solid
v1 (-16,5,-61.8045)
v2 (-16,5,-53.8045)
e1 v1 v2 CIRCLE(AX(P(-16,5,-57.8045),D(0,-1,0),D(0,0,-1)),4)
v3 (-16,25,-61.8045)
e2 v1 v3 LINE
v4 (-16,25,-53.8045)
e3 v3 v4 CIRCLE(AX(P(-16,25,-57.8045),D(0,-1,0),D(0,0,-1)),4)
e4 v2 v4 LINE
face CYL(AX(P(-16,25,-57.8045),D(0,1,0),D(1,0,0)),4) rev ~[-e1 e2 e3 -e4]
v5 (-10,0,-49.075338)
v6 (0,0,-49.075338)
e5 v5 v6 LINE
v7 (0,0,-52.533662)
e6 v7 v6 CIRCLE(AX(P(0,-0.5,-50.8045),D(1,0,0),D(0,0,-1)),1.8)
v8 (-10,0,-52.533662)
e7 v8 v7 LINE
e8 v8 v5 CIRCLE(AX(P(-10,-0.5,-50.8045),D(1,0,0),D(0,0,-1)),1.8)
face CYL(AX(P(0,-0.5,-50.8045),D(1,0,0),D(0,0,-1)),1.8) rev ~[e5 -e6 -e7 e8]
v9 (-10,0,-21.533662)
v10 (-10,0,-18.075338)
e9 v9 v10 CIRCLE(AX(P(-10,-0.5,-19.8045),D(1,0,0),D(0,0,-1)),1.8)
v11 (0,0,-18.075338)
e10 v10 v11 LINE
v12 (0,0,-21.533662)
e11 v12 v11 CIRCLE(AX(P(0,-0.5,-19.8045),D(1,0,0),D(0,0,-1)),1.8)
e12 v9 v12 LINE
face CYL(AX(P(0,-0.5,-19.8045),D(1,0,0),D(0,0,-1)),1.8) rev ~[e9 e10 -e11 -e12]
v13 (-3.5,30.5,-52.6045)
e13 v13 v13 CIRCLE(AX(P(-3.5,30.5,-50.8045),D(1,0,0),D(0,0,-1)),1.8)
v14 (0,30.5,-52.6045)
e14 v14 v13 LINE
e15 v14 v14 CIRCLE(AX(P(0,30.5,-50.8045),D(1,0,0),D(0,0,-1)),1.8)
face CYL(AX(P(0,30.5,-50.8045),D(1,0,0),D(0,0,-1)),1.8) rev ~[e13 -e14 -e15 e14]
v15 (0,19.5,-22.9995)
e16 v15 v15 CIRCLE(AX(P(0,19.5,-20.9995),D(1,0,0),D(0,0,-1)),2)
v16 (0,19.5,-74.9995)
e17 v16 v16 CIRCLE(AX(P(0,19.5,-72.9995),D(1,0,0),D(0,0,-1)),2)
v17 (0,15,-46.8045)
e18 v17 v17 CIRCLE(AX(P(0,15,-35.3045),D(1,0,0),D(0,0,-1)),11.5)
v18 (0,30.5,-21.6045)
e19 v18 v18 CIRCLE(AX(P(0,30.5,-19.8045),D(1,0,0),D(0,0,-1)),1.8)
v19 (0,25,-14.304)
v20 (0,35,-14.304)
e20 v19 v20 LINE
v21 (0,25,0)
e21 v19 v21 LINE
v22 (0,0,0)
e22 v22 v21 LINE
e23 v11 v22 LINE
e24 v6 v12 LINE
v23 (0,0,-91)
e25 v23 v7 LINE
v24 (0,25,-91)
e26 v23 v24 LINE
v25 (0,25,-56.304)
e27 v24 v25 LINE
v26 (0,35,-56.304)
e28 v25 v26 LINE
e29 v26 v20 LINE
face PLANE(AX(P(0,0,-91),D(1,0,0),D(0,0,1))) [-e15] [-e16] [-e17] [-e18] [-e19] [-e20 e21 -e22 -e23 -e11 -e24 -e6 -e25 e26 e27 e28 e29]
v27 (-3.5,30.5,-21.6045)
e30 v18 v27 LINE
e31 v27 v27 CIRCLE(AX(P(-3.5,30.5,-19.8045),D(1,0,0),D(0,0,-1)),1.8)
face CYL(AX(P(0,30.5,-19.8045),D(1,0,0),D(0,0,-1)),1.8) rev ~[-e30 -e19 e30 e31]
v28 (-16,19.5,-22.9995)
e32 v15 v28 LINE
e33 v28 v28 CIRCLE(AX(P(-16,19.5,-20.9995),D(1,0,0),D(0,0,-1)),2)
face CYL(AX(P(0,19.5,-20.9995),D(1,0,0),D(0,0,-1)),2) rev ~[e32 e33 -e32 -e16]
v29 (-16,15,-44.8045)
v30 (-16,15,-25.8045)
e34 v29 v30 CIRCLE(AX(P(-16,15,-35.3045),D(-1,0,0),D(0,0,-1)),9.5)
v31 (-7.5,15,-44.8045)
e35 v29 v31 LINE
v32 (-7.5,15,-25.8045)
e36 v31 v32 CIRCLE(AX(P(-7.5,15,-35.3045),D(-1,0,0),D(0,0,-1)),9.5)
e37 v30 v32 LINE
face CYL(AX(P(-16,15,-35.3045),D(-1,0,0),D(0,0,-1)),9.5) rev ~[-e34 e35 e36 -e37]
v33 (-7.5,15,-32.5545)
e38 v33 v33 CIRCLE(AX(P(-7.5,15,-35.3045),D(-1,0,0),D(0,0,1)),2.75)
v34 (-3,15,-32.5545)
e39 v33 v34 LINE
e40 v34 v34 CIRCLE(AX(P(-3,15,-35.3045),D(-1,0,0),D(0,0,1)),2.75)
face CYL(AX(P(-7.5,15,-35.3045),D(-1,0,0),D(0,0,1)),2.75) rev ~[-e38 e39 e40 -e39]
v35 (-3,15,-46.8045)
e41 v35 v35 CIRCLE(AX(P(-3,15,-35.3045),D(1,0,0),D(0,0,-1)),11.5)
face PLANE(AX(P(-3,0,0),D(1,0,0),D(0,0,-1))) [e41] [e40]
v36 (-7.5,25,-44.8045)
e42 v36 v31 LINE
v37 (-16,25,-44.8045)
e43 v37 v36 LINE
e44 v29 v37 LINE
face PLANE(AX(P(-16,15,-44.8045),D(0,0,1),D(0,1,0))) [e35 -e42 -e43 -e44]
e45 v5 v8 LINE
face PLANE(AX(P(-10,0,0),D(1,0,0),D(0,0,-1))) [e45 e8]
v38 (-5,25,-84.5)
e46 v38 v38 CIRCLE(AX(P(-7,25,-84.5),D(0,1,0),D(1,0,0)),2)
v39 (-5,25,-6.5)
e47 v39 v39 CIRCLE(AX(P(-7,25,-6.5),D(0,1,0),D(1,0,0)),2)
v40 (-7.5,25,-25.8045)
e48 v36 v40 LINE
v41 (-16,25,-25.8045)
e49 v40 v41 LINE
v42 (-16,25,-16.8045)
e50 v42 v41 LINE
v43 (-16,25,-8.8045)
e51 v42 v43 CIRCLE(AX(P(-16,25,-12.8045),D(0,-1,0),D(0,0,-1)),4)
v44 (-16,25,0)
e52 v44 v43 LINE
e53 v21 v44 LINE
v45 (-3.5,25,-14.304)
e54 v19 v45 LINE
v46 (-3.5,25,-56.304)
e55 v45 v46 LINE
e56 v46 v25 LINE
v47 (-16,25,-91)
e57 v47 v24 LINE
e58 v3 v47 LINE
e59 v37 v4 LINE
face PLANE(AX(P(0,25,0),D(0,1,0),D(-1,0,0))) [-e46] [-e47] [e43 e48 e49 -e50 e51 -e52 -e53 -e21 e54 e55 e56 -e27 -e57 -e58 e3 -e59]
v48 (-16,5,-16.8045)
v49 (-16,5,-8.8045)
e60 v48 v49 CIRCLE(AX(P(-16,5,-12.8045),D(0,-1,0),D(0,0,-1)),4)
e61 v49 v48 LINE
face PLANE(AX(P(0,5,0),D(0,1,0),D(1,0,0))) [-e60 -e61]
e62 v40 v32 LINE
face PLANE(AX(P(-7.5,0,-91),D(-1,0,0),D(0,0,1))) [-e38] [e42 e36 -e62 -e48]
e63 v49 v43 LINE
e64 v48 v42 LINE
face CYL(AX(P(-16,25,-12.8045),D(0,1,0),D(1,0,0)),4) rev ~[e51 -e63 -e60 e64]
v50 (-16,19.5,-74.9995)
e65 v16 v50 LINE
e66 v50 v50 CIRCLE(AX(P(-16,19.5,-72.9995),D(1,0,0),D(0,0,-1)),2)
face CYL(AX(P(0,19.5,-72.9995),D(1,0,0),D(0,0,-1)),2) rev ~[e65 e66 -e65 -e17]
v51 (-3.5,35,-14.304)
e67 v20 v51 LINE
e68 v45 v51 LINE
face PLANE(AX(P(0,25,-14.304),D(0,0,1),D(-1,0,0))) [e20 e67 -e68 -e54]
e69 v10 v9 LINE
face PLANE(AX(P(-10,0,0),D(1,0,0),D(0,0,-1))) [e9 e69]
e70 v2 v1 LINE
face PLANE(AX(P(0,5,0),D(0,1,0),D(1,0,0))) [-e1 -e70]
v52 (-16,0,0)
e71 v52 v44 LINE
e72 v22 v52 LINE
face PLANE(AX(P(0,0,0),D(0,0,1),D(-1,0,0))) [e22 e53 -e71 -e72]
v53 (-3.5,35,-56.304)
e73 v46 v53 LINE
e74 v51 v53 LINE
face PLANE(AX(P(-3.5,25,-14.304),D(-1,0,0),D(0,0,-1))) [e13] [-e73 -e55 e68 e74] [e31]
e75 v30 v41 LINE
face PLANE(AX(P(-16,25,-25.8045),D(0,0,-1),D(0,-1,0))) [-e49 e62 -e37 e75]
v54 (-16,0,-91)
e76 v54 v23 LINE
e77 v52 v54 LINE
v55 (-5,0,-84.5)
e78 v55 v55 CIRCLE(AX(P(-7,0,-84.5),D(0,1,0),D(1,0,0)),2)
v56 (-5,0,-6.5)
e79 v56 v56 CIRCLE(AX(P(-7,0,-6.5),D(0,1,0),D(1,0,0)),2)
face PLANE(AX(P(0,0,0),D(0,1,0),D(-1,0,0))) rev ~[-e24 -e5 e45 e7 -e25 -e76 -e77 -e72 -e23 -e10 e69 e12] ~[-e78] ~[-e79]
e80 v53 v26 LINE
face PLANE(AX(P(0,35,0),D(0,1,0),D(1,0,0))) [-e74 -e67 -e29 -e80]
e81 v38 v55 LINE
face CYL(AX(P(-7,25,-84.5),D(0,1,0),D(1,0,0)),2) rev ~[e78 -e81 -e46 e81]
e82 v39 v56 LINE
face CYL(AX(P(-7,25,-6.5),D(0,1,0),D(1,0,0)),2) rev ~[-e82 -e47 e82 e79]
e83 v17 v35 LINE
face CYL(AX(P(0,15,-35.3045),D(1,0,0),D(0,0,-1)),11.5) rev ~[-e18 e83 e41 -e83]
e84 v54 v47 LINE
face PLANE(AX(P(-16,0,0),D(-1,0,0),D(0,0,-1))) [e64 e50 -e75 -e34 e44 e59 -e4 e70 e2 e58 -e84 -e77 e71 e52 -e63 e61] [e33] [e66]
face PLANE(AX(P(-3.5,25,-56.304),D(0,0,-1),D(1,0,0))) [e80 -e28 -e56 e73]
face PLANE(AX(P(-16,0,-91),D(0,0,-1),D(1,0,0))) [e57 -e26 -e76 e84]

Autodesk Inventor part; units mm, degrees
ref_plane "YZ Plane" through (0, 0, 0) normal (1, 0, 0) x (0, 1, 0)
ref_plane "XZ Plane" through (0, 0, 0) normal (0, 1, 0) x (-1, 0, 0)
ref_plane "XY Plane" through (0, 0, 0) normal (0, 0, 1) x (1, 0, 0)
sketch "Sketch1" plane through (0, 0, 0) normal (0, 1, 0) x (-1, 0, 0)
  line L0 (0, 0) -> (16, 0)
  line L1 (16, 0) -> (16, -91)
  line L2 (16, -91) -> (0, -91)
  line L3 (0, -91) -> (0, 0)
  dimension "d0" = 16
  dimension "d1" = 91
extrude "Extrusion1" add sketch "Sketch1" along normal blind 25
sketch "Sketch2" plane through (0, 25, 0) normal (0, 1, 0) x (1, 0, 0)
  line L0 (-16, 91) -> (-16, 0) projected
  circle A0 centre (-16, 12.8045) radius 4
  circle A1 centre (-16, 57.8045) radius 4
  point P0 (0, 0)
  dimension "d4" = 8
  dimension "d5" = 8
  dimension "d6" = 45
extrude "Extrusion2" cut sketch "Sketch2" against normal blind 20
sketch "Sketch3" plane through (0, 25, 0) normal (0, 1, 0) x (1, 0, 0)
  circle A0 centre (-7, 6.5) radius 2
  circle A1 centre (-7, 84.5) radius 2
  line L0 (-16, 8.8045) -> (-16, 0) projected
  line L1 (-16, 53.8045) -> (-16, 16.8045) projected
  line L2 (-16, 8.8045) -> (-16, 61.8045) projected
  point P0 (0, 0)
  point P1 (-16, 3)
  point P2 (-16, 88)
  dimension "d10" = 4
  dimension "d12" = 4
  dimension "d15" = 9
  dimension "d17" = 9
  dimension "d18" = 6.5
ref_plane "Work Plane1" through (0, 0, -3) normal (1, 0, 0) x (0, 0, -1)
sketch "Sketch4" plane through (0, 0, -3) normal (1, 0, 0) x (0, 0, -1)
  circle A0 centre (17.9995, 19.5) radius 2
  circle A1 centre (69.9995, 19.5) radius 2
  line L0 (-3, 0) -> (88, 0) projected
  dimension "d21" = 4
  dimension "d22" = 4
  dimension "d34" = 52
  dimension "d59" = 19.5
  dimension "d60" = 19.5
extrude "Extrusion4" cut sketch "Sketch4" against normal blind 30
sketch "Sketch5" plane through (-16, 0, -91) normal (-1, 0, 0) x (0, 0, 1)
  point P0 (91, 0)
sketch "Sketch6" plane through (-16, 0, -91) normal (-1, 0, 0) x (0, 0, 1)
  arc A0 (46.1955, 15) -> (65.1955, 15) centre (55.6955, 15) ccw
  line L0 (37.1955, 25) -> (37.1955, 5) projected
  line L1 (37.1955, 25) -> (74.1955, 25) projected
  line L2 (46.1955, 15) -> (46.1955, 30.0529)
  line L3 (46.1955, 30.0529) -> (65.1955, 30.0529)
  line L4 (65.1955, 30.0529) -> (65.1955, 15)
  point P0 (91, 0)
  dimension "d25" = 19
  dimension "d26" = 18.5
  dimension "d27" = 10
extrude "Extrusion5" cut sketch "Sketch6" against normal blind 8.5
sketch "Sketch7" plane through (-7.5, 0, -91) normal (-1, 0, 0) x (0, 0, 1)
  circle A0 centre (55.6955, 15) radius 2.75
  line L0 (37.1955, 25) -> (37.1955, 5) projected
  point P0 (91, 0)
  dimension "d30" = 5.5
  dimension "d31" = 18.5
extrude "Extrusion6" cut sketch "Sketch7" against normal blind 30
sketch "Sketch9" plane through (0, 25, 0) normal (0, 1, 0) x (1, 0, 0)
  line L0 (0, 14.304) -> (-3.5, 14.304)
  line L1 (-3.5, 14.304) -> (-3.5, 56.304)
  line L2 (-3.5, 56.304) -> (0, 56.304)
  line L3 (0, 56.304) -> (0, 14.304)
  line L4 (-16, 0) -> (0, 0) projected
  dimension "d48" = 3.5
  dimension "d49" = 42
  dimension "d50" = 14.304
extrude "Extrusion7" add sketch "Sketch9" along normal blind 10
sketch "Sketch8" plane through (0, 0, 0) normal (1, 0, 0) x (0, 0, -1)
  circle A0 centre (19.8045, -0.5) radius 1.8
  circle A1 centre (50.8045, -0.5) radius 1.8
  circle A2 centre (50.8045, 30.5) radius 1.8
  circle A3 centre (19.8045, 30.5) radius 1.8
  circle A4 centre (35.3045, 15) radius 2.75 projected
  circle A5 centre (35.3045, 15) radius 11.5
  point P0 (0, 0)
  dimension "d35" = 3.6
  dimension "d36" = 3.6
  dimension "d37" = 3.6
  dimension "d38" = 3.6
  dimension "d39" = 31
  dimension "d40" = 31
  dimension "d41" = 31
  dimension "d42" = 31
  dimension "d43" = 0
  dimension "d44" = 23
  dimension "d45" = 15.5
  dimension "d46" = 15.5
  dimension "d47" = 0
extrude "Extrusion8" cut sketch "Sketch8" against normal blind 10 contours A0 | A1 | A2 | A3
extrude "Extrusion9" cut sketch "Sketch8" against normal blind 3 contours A5
extrude "Extrusion10" cut sketch "Sketch3" against normal blind 30
properties part number "motorradrod"
